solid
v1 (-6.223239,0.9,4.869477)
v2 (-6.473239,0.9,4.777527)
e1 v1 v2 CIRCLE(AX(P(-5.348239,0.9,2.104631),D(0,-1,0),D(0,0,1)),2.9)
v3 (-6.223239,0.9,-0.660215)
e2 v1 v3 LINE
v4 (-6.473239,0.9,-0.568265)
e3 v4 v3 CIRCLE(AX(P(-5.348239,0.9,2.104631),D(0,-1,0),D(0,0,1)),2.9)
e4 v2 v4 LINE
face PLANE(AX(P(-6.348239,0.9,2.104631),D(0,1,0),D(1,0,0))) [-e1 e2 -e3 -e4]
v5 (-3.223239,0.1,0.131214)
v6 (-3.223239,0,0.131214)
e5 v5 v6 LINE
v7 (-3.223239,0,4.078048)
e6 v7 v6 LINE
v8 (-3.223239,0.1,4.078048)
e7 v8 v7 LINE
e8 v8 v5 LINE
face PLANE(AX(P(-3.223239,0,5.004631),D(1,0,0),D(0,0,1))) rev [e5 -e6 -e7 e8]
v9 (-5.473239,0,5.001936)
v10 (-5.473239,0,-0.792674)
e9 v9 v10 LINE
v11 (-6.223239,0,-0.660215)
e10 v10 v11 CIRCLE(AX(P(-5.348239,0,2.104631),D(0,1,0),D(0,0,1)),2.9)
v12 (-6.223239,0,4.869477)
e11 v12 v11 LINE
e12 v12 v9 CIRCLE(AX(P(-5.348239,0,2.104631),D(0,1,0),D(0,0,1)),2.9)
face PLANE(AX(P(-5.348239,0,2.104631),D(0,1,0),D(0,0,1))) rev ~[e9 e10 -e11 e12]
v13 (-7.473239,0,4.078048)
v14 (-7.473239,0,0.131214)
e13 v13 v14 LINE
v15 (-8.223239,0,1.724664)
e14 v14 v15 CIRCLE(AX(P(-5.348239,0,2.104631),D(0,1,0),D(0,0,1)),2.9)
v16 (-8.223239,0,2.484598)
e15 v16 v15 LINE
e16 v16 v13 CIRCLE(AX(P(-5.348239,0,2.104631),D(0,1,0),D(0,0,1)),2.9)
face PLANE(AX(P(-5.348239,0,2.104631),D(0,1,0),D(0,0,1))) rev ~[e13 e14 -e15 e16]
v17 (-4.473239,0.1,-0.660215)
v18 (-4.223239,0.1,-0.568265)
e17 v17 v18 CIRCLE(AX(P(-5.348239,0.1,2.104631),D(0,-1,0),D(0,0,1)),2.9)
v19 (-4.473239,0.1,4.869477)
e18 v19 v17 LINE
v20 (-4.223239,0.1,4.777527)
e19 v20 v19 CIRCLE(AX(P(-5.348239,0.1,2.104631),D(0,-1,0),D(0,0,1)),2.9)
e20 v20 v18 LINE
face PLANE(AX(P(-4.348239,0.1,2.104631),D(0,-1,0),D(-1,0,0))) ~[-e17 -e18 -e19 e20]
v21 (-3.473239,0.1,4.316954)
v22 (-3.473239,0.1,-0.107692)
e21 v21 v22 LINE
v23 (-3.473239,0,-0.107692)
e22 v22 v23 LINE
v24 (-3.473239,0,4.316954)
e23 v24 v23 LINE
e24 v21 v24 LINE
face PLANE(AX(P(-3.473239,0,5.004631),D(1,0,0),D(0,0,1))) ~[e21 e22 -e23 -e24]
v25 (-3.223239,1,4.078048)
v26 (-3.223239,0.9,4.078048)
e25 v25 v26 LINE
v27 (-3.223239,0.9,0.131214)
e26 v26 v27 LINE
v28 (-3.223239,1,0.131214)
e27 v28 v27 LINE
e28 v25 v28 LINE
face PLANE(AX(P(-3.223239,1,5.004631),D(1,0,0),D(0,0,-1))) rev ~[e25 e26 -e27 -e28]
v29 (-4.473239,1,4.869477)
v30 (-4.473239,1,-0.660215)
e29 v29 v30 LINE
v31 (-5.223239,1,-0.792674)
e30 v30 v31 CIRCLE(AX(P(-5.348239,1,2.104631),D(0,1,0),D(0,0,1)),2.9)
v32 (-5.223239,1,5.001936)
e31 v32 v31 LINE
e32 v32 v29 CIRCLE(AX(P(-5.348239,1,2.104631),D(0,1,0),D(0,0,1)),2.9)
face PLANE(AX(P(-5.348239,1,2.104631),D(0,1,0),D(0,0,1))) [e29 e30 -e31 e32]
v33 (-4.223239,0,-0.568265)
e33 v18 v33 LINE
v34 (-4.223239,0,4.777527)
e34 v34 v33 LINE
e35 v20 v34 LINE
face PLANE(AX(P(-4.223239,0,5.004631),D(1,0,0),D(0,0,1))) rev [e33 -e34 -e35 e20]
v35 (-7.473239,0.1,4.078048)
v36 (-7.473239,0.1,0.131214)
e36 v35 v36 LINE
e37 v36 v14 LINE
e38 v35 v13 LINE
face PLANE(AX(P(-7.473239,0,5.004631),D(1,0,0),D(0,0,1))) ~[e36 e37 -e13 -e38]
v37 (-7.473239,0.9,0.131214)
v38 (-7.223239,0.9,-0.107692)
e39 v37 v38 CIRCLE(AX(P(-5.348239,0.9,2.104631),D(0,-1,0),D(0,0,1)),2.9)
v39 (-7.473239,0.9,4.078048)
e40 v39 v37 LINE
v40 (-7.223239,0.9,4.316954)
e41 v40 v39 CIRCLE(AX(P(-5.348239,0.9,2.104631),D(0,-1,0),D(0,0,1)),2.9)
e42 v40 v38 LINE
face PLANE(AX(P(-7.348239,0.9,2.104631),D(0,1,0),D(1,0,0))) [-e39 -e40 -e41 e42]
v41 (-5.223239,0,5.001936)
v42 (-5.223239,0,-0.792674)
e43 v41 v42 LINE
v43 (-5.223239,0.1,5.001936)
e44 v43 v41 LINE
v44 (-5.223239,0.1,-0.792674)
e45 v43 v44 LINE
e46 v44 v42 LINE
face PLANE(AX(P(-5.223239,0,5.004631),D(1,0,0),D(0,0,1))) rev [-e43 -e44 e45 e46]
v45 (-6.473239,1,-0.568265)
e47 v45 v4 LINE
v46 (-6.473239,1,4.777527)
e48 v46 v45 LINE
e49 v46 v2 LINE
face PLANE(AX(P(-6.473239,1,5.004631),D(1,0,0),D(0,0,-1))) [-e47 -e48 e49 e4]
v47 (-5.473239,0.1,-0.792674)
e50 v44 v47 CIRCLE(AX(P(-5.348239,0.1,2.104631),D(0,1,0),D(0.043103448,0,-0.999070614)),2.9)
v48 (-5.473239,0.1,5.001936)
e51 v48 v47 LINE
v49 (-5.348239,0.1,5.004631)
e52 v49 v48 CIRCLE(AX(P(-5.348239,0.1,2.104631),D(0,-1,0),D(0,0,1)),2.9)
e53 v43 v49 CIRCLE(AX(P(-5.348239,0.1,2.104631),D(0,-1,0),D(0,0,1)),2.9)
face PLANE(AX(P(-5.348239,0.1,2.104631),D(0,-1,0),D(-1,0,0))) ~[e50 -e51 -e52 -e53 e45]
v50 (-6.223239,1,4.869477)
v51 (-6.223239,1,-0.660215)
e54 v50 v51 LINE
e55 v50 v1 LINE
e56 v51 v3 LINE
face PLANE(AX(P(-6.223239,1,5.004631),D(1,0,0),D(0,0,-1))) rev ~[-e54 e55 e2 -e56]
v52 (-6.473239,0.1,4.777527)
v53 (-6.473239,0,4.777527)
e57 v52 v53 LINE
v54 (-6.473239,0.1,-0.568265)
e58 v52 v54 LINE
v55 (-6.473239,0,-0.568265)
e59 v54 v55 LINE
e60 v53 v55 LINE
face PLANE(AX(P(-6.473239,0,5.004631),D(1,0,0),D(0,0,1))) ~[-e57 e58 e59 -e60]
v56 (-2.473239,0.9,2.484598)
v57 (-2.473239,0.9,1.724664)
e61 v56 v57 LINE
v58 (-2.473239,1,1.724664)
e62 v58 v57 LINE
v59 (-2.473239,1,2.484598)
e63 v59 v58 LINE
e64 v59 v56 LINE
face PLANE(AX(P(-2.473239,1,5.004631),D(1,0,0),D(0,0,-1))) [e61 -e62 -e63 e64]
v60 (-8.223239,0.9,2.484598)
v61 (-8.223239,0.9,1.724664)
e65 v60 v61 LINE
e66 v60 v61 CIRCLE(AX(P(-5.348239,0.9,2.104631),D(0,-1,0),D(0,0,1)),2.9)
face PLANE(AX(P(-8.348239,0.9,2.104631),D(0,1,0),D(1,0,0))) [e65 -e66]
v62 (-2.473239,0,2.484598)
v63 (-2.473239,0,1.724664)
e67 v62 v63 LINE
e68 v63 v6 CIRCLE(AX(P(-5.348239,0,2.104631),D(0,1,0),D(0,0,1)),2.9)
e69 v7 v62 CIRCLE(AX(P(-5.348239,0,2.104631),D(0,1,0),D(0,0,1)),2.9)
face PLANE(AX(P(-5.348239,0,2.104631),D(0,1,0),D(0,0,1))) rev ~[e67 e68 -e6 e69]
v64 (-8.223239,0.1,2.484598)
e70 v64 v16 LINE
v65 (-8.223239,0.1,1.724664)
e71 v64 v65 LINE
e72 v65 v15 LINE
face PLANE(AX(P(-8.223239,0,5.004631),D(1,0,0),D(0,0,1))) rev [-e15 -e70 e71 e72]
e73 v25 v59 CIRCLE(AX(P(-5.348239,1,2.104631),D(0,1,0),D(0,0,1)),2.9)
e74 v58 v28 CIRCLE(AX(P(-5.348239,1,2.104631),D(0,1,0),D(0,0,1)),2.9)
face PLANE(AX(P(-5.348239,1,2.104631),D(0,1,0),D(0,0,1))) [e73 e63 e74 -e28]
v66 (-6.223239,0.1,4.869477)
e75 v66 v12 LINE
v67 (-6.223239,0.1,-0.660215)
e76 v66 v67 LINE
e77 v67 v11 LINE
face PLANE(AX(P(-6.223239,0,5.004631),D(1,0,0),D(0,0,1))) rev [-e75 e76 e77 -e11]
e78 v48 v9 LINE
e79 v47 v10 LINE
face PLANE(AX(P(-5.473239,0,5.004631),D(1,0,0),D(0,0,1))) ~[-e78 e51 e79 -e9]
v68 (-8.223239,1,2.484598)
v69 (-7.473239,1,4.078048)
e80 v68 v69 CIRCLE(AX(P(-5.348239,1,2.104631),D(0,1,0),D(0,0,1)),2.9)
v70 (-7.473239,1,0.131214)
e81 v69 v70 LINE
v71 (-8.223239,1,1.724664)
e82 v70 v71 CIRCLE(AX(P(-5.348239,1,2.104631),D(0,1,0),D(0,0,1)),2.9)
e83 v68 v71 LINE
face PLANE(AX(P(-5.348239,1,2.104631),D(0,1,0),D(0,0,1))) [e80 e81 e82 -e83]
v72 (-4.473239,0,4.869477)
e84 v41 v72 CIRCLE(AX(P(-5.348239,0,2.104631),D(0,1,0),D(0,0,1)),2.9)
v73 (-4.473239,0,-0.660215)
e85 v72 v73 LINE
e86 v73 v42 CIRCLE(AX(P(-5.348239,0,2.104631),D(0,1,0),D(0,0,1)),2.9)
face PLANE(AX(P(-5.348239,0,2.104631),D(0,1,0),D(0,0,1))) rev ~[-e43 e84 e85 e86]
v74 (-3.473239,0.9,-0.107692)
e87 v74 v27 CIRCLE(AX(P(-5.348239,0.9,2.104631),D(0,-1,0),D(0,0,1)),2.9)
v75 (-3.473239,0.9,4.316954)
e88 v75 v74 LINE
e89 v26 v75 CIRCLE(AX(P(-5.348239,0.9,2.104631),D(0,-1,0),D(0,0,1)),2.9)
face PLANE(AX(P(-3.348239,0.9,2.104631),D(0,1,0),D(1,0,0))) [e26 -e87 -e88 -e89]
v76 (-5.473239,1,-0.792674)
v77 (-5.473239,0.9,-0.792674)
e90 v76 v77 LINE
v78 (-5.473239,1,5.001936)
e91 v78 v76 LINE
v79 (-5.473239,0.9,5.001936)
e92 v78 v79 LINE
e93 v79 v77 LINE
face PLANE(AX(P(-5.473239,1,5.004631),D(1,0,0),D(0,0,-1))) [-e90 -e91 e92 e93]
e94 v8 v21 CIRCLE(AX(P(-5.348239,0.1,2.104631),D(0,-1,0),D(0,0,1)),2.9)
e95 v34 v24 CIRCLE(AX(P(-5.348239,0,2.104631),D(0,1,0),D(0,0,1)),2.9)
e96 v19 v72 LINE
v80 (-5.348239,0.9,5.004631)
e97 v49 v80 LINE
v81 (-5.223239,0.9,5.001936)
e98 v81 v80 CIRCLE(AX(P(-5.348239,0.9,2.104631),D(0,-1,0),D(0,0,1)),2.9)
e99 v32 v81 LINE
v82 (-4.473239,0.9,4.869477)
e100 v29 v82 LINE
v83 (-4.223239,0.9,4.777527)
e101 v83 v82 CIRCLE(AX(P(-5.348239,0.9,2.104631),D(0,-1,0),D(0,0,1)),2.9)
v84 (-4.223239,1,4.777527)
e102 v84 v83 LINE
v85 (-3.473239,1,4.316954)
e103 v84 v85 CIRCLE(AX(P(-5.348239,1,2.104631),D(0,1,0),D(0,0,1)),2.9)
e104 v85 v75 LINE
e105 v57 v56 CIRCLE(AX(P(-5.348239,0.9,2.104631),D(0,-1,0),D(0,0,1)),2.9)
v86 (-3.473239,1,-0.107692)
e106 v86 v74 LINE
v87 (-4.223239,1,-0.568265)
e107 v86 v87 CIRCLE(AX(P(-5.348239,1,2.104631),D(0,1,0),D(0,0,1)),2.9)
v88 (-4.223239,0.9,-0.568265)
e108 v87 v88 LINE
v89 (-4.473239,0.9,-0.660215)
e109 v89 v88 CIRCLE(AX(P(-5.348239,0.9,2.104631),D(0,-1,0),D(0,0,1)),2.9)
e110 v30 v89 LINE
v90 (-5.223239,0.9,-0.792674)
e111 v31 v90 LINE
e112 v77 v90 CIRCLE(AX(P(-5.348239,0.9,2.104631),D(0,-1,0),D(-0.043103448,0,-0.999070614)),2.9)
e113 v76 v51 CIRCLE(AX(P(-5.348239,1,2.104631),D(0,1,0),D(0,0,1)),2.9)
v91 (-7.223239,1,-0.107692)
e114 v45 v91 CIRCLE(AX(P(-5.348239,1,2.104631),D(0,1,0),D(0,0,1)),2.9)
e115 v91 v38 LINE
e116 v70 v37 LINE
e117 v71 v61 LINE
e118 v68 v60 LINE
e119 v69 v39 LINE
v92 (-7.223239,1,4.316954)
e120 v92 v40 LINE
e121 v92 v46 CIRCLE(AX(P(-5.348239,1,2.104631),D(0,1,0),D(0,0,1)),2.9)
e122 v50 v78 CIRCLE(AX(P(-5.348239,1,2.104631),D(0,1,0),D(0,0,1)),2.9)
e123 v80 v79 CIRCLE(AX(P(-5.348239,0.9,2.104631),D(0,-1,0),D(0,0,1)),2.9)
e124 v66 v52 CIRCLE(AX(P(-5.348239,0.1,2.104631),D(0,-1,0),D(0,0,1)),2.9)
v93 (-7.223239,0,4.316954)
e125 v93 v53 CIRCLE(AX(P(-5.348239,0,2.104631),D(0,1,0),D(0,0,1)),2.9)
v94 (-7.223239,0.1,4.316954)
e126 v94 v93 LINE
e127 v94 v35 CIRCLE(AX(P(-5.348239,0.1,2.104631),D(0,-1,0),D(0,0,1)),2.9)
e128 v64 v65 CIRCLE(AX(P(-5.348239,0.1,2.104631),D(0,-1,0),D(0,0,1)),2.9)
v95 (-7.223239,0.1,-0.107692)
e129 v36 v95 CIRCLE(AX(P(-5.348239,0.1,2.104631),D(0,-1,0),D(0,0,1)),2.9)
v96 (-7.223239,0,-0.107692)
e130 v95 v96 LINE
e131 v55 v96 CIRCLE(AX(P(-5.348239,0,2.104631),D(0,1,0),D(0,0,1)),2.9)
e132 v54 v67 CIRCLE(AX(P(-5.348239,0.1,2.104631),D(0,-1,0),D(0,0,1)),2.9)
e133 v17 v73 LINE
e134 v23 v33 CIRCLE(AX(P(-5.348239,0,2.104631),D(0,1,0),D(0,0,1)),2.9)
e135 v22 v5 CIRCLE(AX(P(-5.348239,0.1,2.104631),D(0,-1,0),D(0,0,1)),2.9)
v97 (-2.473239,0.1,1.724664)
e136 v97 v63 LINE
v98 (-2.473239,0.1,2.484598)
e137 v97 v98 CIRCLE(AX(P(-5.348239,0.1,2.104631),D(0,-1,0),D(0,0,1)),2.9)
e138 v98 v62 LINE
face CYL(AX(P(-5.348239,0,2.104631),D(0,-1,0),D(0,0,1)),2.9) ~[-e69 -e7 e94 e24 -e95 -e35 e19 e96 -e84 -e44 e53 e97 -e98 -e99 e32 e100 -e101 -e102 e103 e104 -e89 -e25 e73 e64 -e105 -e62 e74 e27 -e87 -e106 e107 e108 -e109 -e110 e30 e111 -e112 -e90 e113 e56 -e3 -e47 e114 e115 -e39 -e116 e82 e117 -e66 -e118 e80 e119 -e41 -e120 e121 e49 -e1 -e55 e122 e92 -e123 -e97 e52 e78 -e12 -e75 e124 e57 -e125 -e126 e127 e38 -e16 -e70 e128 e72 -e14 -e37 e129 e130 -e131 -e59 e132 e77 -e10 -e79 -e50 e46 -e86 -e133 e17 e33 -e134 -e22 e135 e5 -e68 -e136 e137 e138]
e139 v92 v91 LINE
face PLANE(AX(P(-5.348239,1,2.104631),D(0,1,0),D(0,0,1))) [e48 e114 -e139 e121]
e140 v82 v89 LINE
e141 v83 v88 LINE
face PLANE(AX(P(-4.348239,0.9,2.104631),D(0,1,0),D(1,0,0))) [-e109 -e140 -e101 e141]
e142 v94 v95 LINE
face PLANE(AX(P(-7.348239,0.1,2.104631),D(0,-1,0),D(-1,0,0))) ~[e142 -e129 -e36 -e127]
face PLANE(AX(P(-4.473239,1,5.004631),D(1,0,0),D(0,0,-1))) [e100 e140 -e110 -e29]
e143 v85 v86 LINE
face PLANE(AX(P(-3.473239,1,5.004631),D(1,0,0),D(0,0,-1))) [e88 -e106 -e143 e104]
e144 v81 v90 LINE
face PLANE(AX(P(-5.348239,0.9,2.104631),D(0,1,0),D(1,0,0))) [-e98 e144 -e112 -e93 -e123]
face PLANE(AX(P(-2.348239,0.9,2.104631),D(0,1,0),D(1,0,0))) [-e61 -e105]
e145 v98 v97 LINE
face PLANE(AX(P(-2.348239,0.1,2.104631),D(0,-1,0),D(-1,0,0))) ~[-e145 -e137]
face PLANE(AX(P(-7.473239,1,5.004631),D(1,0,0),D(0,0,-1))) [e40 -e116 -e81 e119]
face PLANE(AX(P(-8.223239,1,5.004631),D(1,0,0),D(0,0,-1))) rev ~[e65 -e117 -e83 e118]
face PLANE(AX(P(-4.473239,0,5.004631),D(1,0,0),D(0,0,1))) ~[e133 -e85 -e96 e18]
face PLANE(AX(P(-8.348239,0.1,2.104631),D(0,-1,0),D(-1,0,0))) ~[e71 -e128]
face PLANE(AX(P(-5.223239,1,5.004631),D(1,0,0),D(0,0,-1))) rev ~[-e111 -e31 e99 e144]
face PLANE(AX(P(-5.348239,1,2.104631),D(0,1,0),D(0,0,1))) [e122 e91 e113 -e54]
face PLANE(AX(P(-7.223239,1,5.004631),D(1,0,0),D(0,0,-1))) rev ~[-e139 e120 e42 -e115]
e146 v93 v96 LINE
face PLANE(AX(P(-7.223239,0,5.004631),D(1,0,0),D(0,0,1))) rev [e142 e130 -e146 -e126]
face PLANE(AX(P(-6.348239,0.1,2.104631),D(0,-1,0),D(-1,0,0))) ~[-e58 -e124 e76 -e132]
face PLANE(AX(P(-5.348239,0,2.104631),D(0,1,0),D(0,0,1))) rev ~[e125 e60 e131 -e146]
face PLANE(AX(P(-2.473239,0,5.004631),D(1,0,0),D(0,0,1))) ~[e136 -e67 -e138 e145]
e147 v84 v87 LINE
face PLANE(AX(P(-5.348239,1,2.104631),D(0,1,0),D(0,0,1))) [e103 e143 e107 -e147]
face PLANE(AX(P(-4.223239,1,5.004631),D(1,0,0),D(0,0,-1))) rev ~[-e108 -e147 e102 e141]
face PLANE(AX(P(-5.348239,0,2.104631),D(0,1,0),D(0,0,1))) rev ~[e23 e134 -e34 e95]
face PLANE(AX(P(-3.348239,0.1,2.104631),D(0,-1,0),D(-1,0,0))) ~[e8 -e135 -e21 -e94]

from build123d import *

# Parameters (mm, degrees)
SKETCH1_R           = 2.9
BOSS_EXTRUDE1_DEPTH = 1
SKETCH2_W           = 0.25
SKETCH2_H           = 5.8
CUT_EXTRUDE1_DEPTH  = 0.1


with BuildPart() as part:
    # Sketch1 → Boss-Extrude1 (new body)
    with BuildSketch(Plane(origin=(0, 0, 0), x_dir=(1, 0, 0), z_dir=(0, 1, 0))):
        with Locations(Location((-5.348238854, -2.10463103, 0), (0, 0, 270))):
            Circle(SKETCH1_R)
    extrude(amount=BOSS_EXTRUDE1_DEPTH)

    # Sketch2 → Cut-Extrude1 (cut)
    with BuildSketch(Plane(origin=(0, 1, 0), x_dir=(1, 0, 0), z_dir=(0, 1, 0))):
        with Locations((-10.348238854, -2.10463103)):
            Rectangle(SKETCH2_W, SKETCH2_H)
        with Locations((-11.348238854, -2.10463103)):
            Rectangle(SKETCH2_W, SKETCH2_H)
        with Locations((-9.348238854, -2.10463103)):
            Rectangle(SKETCH2_W, SKETCH2_H)
        with Locations((-8.348238854, -2.10463103)):
            Rectangle(SKETCH2_W, SKETCH2_H)
        with Locations((-7.348238854, -2.10463103)):
            Rectangle(SKETCH2_W, SKETCH2_H)
        with Locations((-6.348238854, -2.10463103)):
            Rectangle(SKETCH2_W, SKETCH2_H)
        with Locations((-5.348238854, -2.10463103)):
            Rectangle(SKETCH2_W, SKETCH2_H)
        with Locations((-4.348238854, -2.10463103)):
            Rectangle(SKETCH2_W, SKETCH2_H)
        with Locations((-3.348238854, -2.10463103)):
            Rectangle(SKETCH2_W, SKETCH2_H)
        with Locations((-2.348238854, -2.10463103)):
            Rectangle(SKETCH2_W, SKETCH2_H)
        with Locations((-1.348238854, -2.10463103)):
            Rectangle(SKETCH2_W, SKETCH2_H)
        with Locations((-0.348238854, -2.10463103)):
            Rectangle(SKETCH2_W, SKETCH2_H)
        with Locations((0.651761146, -2.10463103)):
            Rectangle(SKETCH2_W, SKETCH2_H)
        with Locations((1.651761146, -2.10463103)):
            Rectangle(SKETCH2_W, SKETCH2_H)
        with Locations((2.651761146, -2.10463103)):
            Rectangle(SKETCH2_W, SKETCH2_H)
    cut_extrude1 = extrude(amount=-CUT_EXTRUDE1_DEPTH, mode=Mode.SUBTRACT)

    # Mirror1: Cut-Extrude1 across plane
    add(cut_extrude1.mirror(Plane(origin=(0, 0.5, 0), x_dir=(0, 0, 1), z_dir=(0, -1, 0))), mode=Mode.SUBTRACT)


solid = part.part
